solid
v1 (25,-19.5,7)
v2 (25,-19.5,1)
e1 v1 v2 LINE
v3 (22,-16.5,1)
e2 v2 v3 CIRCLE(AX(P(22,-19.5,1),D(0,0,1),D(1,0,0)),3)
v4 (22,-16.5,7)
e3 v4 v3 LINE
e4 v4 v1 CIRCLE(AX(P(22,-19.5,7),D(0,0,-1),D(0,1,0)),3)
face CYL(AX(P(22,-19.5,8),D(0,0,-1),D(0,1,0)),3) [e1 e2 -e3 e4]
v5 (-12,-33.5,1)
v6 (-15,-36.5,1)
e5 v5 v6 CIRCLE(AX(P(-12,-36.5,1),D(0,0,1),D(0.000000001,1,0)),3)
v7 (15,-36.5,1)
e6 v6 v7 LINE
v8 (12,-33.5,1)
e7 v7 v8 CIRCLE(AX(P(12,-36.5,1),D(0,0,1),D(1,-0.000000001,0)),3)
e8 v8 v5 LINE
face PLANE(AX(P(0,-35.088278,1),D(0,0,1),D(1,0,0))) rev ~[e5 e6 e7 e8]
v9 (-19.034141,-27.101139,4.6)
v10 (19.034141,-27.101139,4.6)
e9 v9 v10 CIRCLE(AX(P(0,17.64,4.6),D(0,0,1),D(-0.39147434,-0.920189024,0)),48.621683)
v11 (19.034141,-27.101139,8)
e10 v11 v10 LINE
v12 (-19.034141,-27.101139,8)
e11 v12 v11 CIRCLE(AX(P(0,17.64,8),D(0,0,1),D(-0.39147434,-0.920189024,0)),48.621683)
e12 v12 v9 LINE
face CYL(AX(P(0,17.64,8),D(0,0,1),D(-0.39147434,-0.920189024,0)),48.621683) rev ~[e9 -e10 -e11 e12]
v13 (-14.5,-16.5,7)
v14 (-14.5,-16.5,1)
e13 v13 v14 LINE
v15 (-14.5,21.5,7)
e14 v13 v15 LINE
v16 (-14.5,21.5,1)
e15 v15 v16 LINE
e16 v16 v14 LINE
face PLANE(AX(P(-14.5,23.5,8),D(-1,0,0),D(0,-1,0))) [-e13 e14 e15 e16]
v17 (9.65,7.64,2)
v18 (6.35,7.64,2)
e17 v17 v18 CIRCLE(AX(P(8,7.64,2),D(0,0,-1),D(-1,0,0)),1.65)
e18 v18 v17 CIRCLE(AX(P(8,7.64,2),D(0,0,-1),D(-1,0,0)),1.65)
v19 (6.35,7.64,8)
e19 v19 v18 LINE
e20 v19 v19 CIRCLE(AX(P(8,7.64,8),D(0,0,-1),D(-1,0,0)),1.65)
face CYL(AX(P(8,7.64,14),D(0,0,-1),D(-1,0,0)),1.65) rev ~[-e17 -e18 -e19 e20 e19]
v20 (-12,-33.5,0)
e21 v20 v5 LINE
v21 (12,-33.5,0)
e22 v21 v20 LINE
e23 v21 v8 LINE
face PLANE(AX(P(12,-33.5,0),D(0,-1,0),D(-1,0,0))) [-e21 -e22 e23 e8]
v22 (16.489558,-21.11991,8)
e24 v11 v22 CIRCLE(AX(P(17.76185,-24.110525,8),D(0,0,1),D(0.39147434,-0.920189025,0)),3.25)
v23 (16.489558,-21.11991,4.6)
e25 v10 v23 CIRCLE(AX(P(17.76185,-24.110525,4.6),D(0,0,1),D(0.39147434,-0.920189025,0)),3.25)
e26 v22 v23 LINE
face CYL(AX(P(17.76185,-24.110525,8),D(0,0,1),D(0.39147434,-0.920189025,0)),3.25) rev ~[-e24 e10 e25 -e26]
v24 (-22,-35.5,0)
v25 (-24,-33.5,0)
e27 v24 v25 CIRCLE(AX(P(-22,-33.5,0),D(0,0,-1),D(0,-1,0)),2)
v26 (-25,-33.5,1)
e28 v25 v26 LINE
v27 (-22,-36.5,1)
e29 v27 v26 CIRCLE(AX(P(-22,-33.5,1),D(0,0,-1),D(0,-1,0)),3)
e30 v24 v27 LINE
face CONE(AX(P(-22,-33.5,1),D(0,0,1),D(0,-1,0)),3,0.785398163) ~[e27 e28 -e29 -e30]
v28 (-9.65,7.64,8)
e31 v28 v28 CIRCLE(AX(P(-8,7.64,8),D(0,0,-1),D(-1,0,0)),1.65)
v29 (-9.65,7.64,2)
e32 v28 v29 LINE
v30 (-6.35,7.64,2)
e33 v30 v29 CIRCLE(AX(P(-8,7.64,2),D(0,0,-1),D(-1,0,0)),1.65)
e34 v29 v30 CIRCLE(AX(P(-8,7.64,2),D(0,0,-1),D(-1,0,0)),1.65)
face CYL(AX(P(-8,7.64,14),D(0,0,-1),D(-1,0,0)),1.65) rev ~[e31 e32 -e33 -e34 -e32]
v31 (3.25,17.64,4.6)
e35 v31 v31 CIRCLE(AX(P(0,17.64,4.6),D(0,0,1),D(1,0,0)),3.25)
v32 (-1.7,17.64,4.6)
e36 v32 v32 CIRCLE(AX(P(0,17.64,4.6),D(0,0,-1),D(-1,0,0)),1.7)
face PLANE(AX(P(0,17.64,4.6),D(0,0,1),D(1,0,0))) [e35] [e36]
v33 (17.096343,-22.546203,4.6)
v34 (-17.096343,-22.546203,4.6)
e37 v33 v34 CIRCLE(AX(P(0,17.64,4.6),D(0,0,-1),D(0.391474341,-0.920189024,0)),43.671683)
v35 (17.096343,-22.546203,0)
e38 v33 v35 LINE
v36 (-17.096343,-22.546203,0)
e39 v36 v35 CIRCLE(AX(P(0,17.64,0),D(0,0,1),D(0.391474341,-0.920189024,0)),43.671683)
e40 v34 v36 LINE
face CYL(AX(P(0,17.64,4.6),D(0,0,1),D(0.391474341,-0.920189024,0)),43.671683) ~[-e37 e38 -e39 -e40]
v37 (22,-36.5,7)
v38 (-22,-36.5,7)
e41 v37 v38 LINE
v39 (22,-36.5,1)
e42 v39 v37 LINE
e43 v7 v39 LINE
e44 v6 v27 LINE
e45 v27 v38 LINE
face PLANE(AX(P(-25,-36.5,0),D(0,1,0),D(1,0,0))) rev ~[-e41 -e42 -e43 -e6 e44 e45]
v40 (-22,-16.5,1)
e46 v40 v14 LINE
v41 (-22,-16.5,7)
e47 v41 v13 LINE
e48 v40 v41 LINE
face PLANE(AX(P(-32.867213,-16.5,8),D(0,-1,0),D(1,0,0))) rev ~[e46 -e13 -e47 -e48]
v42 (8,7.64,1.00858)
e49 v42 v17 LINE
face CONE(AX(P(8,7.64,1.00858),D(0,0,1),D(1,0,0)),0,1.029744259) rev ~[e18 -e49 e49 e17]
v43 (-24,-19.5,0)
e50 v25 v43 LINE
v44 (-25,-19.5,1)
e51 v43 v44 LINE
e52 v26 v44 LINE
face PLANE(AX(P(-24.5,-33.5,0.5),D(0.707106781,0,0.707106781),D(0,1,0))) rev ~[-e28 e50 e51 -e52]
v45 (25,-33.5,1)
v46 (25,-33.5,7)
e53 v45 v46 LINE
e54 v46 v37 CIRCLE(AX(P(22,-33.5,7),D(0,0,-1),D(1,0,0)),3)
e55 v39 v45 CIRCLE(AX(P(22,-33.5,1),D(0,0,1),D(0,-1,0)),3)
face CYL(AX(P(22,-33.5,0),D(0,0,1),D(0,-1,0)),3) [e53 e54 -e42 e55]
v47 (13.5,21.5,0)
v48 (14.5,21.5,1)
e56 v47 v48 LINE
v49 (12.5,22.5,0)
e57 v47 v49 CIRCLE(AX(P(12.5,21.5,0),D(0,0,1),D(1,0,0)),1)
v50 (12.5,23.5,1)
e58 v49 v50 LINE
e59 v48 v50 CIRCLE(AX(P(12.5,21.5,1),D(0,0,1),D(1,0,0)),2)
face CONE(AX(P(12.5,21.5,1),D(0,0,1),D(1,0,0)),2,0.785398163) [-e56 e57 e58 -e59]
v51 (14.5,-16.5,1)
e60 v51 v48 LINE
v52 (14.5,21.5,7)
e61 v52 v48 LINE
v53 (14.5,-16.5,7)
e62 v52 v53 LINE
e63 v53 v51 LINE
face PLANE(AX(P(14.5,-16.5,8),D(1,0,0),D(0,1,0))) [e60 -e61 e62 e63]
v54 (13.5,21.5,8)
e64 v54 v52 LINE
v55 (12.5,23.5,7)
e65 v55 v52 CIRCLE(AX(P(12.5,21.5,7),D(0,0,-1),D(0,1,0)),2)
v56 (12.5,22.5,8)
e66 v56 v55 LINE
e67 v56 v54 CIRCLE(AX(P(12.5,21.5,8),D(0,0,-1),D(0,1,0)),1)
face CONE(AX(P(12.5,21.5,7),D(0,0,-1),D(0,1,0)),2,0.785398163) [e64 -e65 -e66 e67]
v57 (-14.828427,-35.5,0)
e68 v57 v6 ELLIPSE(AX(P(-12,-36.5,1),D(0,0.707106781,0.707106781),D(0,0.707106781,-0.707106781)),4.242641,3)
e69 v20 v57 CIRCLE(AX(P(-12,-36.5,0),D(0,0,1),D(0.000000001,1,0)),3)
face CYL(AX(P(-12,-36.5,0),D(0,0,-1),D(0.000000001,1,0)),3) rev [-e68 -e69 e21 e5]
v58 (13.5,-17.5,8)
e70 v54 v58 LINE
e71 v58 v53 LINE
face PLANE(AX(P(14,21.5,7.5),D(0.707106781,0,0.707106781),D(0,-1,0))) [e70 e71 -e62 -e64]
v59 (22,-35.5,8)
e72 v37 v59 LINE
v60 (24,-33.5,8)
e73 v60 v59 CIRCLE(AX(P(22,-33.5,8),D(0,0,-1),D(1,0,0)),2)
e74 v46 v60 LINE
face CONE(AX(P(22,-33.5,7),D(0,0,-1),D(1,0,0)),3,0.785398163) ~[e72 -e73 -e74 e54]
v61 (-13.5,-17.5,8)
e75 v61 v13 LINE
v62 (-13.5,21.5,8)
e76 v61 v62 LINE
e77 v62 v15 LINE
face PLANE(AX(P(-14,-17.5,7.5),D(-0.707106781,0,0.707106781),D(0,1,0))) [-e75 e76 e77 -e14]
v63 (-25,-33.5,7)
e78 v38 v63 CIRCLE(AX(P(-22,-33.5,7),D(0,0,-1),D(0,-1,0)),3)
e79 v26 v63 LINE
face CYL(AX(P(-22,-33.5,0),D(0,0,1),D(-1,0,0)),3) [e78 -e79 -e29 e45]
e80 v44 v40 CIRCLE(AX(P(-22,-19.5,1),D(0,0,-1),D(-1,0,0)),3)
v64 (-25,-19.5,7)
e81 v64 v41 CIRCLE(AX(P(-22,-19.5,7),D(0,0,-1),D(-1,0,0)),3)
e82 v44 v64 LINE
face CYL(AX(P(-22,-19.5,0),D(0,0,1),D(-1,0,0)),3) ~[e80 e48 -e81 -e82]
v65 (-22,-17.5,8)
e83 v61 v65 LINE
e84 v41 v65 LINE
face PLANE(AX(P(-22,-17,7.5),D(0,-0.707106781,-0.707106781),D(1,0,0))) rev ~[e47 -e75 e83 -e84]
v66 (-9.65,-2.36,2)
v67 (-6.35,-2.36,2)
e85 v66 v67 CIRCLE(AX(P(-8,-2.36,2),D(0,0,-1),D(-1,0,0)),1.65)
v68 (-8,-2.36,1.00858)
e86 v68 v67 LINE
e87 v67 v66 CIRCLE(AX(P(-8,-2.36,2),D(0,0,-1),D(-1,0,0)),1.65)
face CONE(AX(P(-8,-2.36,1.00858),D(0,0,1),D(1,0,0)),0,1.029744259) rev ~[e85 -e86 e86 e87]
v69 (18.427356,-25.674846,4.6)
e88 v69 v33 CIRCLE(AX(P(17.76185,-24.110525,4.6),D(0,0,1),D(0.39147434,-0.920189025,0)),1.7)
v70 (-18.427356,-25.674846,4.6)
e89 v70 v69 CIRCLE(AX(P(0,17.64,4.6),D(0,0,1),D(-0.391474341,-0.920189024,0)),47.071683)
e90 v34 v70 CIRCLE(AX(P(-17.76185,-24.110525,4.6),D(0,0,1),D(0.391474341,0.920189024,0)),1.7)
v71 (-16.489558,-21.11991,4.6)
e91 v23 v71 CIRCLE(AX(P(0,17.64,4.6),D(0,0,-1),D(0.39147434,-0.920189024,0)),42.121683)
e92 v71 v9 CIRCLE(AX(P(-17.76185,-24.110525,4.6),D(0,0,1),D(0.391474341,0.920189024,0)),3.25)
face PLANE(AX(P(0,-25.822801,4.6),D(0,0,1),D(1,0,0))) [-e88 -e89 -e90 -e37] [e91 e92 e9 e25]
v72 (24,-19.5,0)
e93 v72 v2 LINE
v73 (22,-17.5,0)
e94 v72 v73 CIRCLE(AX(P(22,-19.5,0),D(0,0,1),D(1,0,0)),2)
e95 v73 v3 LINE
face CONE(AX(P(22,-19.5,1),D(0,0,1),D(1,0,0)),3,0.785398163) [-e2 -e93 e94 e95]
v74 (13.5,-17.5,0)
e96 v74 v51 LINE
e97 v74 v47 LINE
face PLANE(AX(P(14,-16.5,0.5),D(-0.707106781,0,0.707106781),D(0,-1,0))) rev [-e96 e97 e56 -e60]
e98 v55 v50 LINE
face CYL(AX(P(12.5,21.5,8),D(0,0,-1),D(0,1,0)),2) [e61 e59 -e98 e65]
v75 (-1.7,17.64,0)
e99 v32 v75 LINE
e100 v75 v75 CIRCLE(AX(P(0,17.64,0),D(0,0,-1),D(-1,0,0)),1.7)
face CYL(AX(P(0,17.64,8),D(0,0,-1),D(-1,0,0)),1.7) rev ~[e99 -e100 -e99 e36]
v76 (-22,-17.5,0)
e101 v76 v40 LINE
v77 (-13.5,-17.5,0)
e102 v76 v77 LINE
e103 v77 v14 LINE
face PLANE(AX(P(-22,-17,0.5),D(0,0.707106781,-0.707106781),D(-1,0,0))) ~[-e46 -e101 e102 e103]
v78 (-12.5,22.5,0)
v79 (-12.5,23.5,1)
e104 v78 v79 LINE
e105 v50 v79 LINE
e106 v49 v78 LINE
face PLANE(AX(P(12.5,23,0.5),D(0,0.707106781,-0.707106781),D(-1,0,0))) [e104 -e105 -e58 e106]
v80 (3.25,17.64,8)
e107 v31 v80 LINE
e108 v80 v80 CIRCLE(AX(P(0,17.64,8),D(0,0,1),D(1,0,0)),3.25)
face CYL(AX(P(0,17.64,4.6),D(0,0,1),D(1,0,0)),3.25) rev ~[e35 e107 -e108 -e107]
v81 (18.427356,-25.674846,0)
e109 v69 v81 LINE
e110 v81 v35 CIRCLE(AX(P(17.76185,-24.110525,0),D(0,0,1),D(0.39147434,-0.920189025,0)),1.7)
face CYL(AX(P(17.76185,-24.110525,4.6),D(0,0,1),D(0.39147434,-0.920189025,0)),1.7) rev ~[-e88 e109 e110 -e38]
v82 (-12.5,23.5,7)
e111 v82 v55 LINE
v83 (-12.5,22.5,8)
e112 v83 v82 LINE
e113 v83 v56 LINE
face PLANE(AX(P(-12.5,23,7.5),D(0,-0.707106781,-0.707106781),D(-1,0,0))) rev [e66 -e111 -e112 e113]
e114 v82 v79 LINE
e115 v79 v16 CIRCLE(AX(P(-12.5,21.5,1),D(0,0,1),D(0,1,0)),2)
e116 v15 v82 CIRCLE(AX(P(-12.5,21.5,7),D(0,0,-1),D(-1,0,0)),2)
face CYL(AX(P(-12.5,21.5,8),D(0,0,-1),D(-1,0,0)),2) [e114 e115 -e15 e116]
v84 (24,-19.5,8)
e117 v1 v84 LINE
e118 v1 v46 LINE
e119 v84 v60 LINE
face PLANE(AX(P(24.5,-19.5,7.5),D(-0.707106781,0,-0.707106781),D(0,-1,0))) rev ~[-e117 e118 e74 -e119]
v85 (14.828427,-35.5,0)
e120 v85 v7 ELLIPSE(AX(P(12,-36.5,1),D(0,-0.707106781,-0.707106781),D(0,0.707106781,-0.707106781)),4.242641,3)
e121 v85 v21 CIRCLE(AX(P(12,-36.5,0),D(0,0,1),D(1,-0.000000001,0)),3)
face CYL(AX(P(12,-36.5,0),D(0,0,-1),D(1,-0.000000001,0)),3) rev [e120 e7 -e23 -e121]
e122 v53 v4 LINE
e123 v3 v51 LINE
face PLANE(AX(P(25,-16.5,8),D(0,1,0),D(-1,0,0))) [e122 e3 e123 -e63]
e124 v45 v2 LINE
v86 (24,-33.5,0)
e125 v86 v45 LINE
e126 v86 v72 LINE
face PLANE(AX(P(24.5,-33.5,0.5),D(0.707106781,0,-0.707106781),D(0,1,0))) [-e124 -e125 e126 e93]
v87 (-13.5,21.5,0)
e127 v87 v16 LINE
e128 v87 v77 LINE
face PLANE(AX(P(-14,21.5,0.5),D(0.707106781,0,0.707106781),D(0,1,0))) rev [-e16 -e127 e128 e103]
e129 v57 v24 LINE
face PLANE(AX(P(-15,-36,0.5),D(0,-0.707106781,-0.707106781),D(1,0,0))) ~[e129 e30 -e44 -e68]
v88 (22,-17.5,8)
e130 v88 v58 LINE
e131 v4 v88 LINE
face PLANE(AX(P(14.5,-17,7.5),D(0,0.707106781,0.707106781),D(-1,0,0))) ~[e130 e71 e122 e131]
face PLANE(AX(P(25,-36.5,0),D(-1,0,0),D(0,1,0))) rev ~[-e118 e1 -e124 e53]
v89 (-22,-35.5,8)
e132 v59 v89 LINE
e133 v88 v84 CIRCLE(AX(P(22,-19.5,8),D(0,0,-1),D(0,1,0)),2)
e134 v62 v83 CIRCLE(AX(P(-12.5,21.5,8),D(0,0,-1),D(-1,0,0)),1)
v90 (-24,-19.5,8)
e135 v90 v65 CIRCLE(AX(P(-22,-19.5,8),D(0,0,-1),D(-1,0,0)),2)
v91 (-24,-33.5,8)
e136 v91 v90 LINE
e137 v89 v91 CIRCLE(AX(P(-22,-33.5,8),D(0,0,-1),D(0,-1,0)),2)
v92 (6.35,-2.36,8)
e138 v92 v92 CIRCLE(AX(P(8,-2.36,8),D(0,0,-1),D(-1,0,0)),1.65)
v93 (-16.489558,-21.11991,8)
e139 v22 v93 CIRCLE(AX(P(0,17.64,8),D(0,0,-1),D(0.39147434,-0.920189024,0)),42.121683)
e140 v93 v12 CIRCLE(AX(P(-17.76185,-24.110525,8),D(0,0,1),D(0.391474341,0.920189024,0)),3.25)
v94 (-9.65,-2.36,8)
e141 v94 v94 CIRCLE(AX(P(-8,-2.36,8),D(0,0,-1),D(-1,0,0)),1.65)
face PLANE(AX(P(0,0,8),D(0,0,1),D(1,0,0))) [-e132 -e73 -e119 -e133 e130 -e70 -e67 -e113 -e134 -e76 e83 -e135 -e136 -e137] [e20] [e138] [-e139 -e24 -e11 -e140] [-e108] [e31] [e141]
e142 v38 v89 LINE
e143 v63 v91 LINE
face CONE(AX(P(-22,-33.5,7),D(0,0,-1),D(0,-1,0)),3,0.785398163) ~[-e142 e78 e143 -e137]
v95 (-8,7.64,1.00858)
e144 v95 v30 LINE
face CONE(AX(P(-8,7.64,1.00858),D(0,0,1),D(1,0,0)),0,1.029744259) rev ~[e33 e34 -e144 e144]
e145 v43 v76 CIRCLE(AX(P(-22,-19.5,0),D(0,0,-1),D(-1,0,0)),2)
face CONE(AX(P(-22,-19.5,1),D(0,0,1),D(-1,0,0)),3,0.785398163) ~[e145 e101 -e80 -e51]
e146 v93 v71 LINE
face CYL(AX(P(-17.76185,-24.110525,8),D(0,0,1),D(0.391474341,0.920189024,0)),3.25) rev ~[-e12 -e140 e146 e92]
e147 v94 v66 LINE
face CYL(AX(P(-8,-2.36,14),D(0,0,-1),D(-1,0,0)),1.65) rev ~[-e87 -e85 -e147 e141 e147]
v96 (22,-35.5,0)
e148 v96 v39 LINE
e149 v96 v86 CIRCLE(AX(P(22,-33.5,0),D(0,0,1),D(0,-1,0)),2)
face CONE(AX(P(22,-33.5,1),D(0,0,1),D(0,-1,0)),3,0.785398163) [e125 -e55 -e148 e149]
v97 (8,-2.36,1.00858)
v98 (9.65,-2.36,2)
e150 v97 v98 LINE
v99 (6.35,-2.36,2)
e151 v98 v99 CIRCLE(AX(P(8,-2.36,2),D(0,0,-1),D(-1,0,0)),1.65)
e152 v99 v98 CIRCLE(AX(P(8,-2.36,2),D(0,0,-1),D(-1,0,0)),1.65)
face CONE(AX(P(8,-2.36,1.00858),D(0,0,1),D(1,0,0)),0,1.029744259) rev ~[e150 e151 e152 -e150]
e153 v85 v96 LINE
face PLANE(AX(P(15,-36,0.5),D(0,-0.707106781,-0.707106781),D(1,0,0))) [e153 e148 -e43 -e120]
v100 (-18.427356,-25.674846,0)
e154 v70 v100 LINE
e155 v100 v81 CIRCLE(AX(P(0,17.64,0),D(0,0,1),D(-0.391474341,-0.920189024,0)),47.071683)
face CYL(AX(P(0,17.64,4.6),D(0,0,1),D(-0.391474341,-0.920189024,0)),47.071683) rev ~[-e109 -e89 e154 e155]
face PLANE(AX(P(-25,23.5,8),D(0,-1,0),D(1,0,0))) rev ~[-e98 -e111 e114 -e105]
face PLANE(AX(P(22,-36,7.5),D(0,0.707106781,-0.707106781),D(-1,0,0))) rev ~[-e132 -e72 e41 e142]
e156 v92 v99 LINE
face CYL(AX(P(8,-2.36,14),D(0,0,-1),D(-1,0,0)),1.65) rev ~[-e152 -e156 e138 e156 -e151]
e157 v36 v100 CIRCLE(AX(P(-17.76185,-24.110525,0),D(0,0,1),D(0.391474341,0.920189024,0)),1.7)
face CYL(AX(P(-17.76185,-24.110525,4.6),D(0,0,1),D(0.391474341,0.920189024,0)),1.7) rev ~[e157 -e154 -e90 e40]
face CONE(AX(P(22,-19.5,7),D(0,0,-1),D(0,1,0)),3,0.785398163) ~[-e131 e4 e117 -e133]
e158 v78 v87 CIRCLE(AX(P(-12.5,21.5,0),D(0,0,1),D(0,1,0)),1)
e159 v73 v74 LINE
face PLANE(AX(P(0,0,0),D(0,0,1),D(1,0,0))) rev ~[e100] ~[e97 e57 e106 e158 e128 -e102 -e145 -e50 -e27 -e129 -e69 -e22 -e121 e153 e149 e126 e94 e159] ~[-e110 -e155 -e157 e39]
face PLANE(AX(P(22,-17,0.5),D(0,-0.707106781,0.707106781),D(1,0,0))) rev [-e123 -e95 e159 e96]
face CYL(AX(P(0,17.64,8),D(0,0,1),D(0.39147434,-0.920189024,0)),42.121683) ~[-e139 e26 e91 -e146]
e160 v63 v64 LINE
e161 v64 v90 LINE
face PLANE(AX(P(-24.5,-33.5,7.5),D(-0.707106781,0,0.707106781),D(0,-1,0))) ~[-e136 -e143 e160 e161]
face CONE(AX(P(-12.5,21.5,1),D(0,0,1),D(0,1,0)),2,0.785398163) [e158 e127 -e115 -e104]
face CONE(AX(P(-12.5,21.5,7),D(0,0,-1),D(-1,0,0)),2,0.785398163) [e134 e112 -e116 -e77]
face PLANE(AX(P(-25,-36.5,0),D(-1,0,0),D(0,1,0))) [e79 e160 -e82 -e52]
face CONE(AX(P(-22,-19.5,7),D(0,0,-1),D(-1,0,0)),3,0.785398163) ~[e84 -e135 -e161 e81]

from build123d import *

# Parameters (mm, degrees)
SKETCH1_W                                           = 50
SKETCH1_H                                           = 73
BOSS_EXTRUDE1_DEPTH                                 = 8
CBORE_FOR_M3_HEX_SOCKET_HEAD_CAP_SCREW1_D           = 3.4
CBORE_FOR_M3_HEX_SOCKET_HEAD_CAP_SCREW1_CBORE_D     = 6.5
CBORE_FOR_M3_HEX_SOCKET_HEAD_CAP_SCREW1_CBORE_DEPTH = 3.4
CUT_EXTRUDE1_DEPTH                                  = 3.4
CUT_EXTRUDE2_DEPTH                                  = 16.4
SKETCH9_W                                           = 50
SKETCH9_H                                           = 13
CUT_EXTRUDE3_DEPTH                                  = 10
CUT_EXTRUDE6_DEPTH                                  = 49
FILLET1_R                                           = 3
FILLET2_R                                           = 2
M4_TAPPED_HOLE1_D                                   = 3.3
M4_TAPPED_HOLE1_DEPTH                               = 6
M4_TAPPED_HOLE1_TIP                                 = 0.991420021
CUT_EXTRUDE9_DEPTH                                  = 1
CHAMFER2_SIZE                                       = 1
CHAMFER3_SIZE                                       = 1


with BuildPart() as part:
    # Sketch1 → Boss-Extrude1 (new body)
    with BuildSketch(Plane.XY):
        Rectangle(SKETCH1_W, SKETCH1_H)
    extrude(amount=BOSS_EXTRUDE1_DEPTH)

    # CBORE for M3 Hex Socket Head Cap Screw1 (through all)
    with Locations(Plane.XY.offset(8)):
        with Locations((0, 17.64)):
            CounterBoreHole(CBORE_FOR_M3_HEX_SOCKET_HEAD_CAP_SCREW1_D / 2, CBORE_FOR_M3_HEX_SOCKET_HEAD_CAP_SCREW1_CBORE_D / 2, CBORE_FOR_M3_HEX_SOCKET_HEAD_CAP_SCREW1_CBORE_DEPTH)

    # Sketch5 → Cut-Extrude1 (cut)
    with BuildSketch(Plane.XY.offset(8)):
        with BuildLine():
            ThreePointArc((-19.034141209, -27.101138862), (0, -30.981682799), (19.034141209, -27.101138862))
            ThreePointArc((19.034141209, -27.101138862), (20.752463932, -22.838232925), (16.489557996, -21.119910203))
            ThreePointArc((16.489557996, -21.119910203), (0, -24.481682799), (-16.489557996, -21.119910203))
            ThreePointArc((-16.489557996, -21.119910203), (-20.752463932, -22.838232925), (-19.034141209, -27.101138862))
        make_face()
    extrude(amount=-CUT_EXTRUDE1_DEPTH, mode=Mode.SUBTRACT)

    # Sketch6 → Cut-Extrude2 (cut)
    with BuildSketch(Plane.XY.offset(4.6)):
        with BuildLine():
            ThreePointArc((-18.427355981, -25.674845874), (0, -29.431682799), (18.427355981, -25.674845874))
            ThreePointArc((18.427355981, -25.674845874), (19.326170944, -23.445018153), (17.096343223, -22.546203191))
            ThreePointArc((17.096343223, -22.546203191), (0, -26.031682799), (-17.096343223, -22.546203191))
            ThreePointArc((-17.096343223, -22.546203191), (-19.326170944, -23.445018153), (-18.427355981, -25.674845874))
        make_face()
    extrude(amount=-CUT_EXTRUDE2_DEPTH, mode=Mode.SUBTRACT)

    # Sketch9 → Cut-Extrude3 (cut)
    with BuildSketch(Plane.XY.offset(8)):
        with Locations((0, 30)):
            Rectangle(SKETCH9_W, SKETCH9_H)
    extrude(amount=-CUT_EXTRUDE3_DEPTH, mode=Mode.SUBTRACT)

    # Sketch10 → Cut-Extrude6 (cut)
    with BuildSketch(Plane.XY.offset(8)):
        Polygon((-14.5, 23.5), (-14.5, -16.5), (-25, -16.5), (-32.867212943, -16.5), (-35.349336633, 40.207518582), (-6.106494824, 43.004037027), (18.040764003, 43.004037027), (35.555684922, 29.266712136), (37.966370543, 22.69314443), (41.94143417, 11.853759291), (39.953902356, 3.910005632), (32.212385861, -8.825532839), (28.601359922, -14.76601747), (25, -16.5), (14.5, -16.5), (14.5, 23.5), align=None)
    extrude(amount=-CUT_EXTRUDE6_DEPTH, mode=Mode.SUBTRACT)

    # Fillet1
    fillet1_edges = [part.edges().sort_by_distance(p)[0] for p in [
        (25, -36.5, 4),
        (-25, -36.5, 4),
        (25, -16.5, 4),
        (-25, -16.5, 4),
    ]]
    fillet(fillet1_edges, radius=FILLET1_R)

    # Fillet2
    fillet2_edges = [part.edges().sort_by_distance(p)[0] for p in [
        (-14.5, 23.5, 4),
        (14.5, 23.5, 4),
    ]]
    fillet(fillet2_edges, radius=FILLET2_R)

    # M4 Tapped Hole1
    with Locations(Plane.XY.offset(8)):
        with Locations((-8, -2.36), (8, -2.36), (-8, 7.64), (8, 7.64)):
            Hole(M4_TAPPED_HOLE1_D / 2, depth=M4_TAPPED_HOLE1_DEPTH)
            with Locations((0, 0, -(M4_TAPPED_HOLE1_DEPTH + M4_TAPPED_HOLE1_TIP / 2))):  # 118° drill point
                Cone(0, M4_TAPPED_HOLE1_D / 2, M4_TAPPED_HOLE1_TIP, mode=Mode.SUBTRACT)

    # Sketch14 → Cut-Extrude9 (cut)
    with BuildSketch(Plane(origin=(0, 0, 0), x_dir=(-1, 0, 0), z_dir=(0, 0, -1))):
        with BuildLine():
            Line((-12, -33.5), (12, -33.5))
            ThreePointArc((12, -33.5), (14.121320344, -34.378679656), (15, -36.5))
            Line((15, -36.5), (-15, -36.5))
            ThreePointArc((-15, -36.5), (-14.121320344, -34.378679656), (-12, -33.5))
        make_face()
    extrude(amount=-CUT_EXTRUDE9_DEPTH, mode=Mode.SUBTRACT)

    # Chamfer2
    chamfer2_edges = [part.edges().sort_by_distance(p)[0] for p in [
        (-18.25, -16.5, 8),
        (18.25, -16.5, 8),
        (-24.121320344, -17.378679656, 8),
        (24.121320344, -17.378679656, 8),
        (-25, -26.5, 8),
        (25, -26.5, 8),
        (-24.121320344, -35.621320344, 8),
        (24.121320344, -35.621320344, 8),
        (0, -36.5, 8),
        (-14.5, 2.5, 0),
        (-13.914213562, 22.914213562, 0),
        (0, 23.5, 0),
        (13.914213562, 22.914213562, 0),
        (14.5, 2.5, 0),
        (18.25, -16.5, 0),
        (24.121320344, -17.378679656, 0),
        (25, -26.5, 0),
        (24.121320344, -35.621320344, 0),
        (18.5, -36.5, 0),
        (-18.25, -16.5, 0),
        (-24.121320344, -17.378679656, 0),
        (-25, -26.5, 0),
        (-24.121320344, -35.621320344, 0),
        (-18.5, -36.5, 0),
    ]]
    chamfer(chamfer2_edges, length=CHAMFER2_SIZE)

    # Chamfer3
    chamfer3_edges = [part.edges().sort_by_distance(p)[0] for p in [
        (14.5, 2, 8),
        (13.914213562, 22.914213562, 8),
        (0, 23.5, 8),
        (-13.914213562, 22.914213562, 8),
        (-14.5, 2, 8),
    ]]
    chamfer(chamfer3_edges, length=CHAMFER3_SIZE)


solid = part.part
